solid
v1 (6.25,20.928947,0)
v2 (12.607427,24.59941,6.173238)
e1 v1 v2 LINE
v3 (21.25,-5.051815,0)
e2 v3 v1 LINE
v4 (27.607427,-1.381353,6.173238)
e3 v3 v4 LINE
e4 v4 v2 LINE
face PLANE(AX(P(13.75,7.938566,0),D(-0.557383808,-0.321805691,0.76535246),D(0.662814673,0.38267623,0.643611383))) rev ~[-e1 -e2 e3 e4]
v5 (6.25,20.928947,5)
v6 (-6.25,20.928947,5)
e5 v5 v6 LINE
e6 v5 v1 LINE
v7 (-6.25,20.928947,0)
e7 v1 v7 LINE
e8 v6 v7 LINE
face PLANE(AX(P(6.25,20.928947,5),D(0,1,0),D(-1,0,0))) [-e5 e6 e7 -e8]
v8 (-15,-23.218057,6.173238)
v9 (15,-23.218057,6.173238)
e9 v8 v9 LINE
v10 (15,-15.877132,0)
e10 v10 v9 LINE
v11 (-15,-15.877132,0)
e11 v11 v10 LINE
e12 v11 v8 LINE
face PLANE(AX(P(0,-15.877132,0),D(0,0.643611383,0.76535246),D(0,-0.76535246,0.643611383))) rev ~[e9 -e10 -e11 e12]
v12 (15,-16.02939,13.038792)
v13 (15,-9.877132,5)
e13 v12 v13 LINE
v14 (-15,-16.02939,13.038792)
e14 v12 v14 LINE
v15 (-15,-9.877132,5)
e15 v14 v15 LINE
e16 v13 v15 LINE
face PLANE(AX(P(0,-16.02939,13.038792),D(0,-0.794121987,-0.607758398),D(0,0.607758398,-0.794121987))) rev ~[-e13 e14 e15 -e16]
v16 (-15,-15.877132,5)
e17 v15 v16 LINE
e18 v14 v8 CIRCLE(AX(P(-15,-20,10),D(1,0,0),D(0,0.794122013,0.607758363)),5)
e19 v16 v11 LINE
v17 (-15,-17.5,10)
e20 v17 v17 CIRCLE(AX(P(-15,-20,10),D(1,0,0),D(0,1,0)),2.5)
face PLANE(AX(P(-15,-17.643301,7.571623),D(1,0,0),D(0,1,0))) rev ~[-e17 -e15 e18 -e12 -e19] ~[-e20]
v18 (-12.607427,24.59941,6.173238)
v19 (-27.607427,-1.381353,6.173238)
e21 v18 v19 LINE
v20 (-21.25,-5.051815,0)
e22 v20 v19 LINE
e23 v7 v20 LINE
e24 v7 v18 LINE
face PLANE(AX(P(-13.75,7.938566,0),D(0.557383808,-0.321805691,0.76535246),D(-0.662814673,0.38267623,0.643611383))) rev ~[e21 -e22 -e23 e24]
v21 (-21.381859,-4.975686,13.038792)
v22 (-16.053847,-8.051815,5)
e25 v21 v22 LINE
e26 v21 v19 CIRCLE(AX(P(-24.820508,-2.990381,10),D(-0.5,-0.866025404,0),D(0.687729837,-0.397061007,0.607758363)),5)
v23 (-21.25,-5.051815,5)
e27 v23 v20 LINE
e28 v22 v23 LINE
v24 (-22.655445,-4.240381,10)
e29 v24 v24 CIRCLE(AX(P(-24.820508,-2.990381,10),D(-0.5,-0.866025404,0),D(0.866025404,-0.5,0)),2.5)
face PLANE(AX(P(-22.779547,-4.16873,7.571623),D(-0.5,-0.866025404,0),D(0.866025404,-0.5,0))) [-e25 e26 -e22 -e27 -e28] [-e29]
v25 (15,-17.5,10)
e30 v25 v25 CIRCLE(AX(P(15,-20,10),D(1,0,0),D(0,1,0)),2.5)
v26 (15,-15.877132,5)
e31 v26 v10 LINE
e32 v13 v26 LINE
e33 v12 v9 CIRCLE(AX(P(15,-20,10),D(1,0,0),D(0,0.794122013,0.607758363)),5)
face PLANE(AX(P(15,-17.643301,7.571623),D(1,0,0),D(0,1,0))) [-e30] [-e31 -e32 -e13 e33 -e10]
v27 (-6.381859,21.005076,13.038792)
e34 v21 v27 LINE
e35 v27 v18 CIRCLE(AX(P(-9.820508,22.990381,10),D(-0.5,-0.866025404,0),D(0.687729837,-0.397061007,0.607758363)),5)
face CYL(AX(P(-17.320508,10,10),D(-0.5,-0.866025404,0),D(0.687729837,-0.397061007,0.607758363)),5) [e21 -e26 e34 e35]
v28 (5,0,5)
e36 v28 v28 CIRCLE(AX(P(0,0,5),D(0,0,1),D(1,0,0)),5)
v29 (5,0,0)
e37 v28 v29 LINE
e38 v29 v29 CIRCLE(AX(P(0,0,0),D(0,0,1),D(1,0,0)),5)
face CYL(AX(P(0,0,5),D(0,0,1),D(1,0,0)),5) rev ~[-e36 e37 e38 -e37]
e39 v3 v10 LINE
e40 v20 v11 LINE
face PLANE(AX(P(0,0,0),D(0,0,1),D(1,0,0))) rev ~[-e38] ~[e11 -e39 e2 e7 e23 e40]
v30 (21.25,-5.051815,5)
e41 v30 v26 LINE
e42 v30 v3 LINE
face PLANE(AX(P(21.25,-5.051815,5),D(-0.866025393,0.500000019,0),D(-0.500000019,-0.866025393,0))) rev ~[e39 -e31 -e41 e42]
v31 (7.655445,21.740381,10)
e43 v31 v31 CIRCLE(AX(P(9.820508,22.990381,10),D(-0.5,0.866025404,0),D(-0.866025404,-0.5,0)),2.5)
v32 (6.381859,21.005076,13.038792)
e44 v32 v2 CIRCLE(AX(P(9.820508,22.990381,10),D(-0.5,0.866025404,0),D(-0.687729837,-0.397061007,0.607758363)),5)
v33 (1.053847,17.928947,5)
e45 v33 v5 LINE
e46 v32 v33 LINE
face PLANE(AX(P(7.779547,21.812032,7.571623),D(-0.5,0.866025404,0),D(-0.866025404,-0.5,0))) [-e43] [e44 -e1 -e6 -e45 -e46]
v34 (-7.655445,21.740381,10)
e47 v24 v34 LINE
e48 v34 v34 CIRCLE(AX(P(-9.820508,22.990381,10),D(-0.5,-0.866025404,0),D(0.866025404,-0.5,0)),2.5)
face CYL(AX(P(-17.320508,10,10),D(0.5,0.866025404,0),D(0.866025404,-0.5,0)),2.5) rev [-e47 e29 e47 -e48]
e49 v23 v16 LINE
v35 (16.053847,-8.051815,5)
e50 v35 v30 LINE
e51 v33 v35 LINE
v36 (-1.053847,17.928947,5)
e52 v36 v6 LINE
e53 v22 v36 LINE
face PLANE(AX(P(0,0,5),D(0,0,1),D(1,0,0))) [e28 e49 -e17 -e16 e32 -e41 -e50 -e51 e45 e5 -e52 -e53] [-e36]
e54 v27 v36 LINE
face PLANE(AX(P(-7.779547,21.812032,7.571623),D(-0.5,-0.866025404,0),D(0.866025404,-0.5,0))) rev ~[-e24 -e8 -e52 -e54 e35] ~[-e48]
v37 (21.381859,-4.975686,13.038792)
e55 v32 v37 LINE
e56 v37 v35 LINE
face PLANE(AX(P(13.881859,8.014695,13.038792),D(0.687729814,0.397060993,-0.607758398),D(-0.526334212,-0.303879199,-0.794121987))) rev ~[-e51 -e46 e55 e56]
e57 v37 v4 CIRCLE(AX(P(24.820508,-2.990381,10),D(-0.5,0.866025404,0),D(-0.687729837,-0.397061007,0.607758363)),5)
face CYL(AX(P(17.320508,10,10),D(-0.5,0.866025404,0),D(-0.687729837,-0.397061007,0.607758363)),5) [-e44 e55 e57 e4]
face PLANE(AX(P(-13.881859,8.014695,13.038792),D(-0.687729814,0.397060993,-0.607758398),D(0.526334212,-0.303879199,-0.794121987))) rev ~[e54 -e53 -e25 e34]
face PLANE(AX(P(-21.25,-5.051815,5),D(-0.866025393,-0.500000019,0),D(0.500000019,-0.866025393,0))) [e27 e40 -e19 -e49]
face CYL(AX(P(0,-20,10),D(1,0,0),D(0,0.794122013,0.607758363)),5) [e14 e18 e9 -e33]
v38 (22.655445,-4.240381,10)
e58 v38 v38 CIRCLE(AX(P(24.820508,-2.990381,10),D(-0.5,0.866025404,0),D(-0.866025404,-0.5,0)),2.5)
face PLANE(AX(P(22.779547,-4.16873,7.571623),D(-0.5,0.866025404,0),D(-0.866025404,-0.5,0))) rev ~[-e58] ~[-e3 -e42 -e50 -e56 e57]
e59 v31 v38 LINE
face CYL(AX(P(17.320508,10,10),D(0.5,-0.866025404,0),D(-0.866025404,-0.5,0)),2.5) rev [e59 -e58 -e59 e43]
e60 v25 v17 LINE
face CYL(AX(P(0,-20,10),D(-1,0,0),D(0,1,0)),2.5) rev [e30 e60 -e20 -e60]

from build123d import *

# Parameters (mm, degrees)
PAD_DEPTH          = 5
POCKET_DEPTH       = 5.001
SKETCH002_R        = 5
POCKET001_DEPTH    = 5
SKETCH003_R        = 2.5
PAD001_DEPTH       = 15
POLARPATTERN_COUNT = 3


with BuildPart() as part:
    # Sketch → Pad (new body)
    with BuildSketch(Plane.XY):
        Polygon((0, 31.754265), (-27.5, -15.877132), (27.5, -15.877132), align=None)
    extrude(amount=PAD_DEPTH)

    # Sketch001 (on Face5 of Pad) → Pocket (cut, through all)
    with BuildSketch(Plane.XY.offset(5)):
        Polygon((-21.25, -5.051815), (-15, -15.877132), (-27.5, -15.877132), align=None)
        Polygon((27.5, -15.877132), (21.25, -5.051815), (15, -15.877132), align=None)
        Polygon((0, 31.754265), (6.25, 20.928947), (-6.25, 20.928947), align=None)
    extrude(amount=-POCKET_DEPTH, mode=Mode.SUBTRACT)

    # Sketch002 (on Face4 of Pocket) → Pocket001 (cut)
    with BuildSketch(Plane.XY.offset(5)):
        Circle(SKETCH002_R)
    extrude(amount=-POCKET001_DEPTH, mode=Mode.SUBTRACT)

    # Sketch003 → Pad001 (join, symmetric)
    with BuildSketch(Plane.YZ):
        with BuildLine():
            ThreePointArc((-16.02939, 13.038792), (-23.453338, 13.615862), (-23.218057, 6.173238))
            Line((-15.877132, 0), (-23.218057, 6.173238))
            Line((-15.877132, 5), (-15.877132, 0))
            Line((-9.877132, 5), (-15.877132, 5))
            Line((-16.02939, 13.038792), (-9.877132, 5))
        make_face()
        with Locations((-20, 10)):
            Circle(SKETCH003_R, mode=Mode.SUBTRACT)
    pad001 = extrude(amount=PAD001_DEPTH, both=True)

    # PolarPattern: Pad001 ×3 about axis
    polarpattern_axis = Axis((0, 0, 0), (0, 0, 1))
    for i in range(1, POLARPATTERN_COUNT):
        add(pad001.rotate(polarpattern_axis, i * 360 / POLARPATTERN_COUNT))


solid = part.part
